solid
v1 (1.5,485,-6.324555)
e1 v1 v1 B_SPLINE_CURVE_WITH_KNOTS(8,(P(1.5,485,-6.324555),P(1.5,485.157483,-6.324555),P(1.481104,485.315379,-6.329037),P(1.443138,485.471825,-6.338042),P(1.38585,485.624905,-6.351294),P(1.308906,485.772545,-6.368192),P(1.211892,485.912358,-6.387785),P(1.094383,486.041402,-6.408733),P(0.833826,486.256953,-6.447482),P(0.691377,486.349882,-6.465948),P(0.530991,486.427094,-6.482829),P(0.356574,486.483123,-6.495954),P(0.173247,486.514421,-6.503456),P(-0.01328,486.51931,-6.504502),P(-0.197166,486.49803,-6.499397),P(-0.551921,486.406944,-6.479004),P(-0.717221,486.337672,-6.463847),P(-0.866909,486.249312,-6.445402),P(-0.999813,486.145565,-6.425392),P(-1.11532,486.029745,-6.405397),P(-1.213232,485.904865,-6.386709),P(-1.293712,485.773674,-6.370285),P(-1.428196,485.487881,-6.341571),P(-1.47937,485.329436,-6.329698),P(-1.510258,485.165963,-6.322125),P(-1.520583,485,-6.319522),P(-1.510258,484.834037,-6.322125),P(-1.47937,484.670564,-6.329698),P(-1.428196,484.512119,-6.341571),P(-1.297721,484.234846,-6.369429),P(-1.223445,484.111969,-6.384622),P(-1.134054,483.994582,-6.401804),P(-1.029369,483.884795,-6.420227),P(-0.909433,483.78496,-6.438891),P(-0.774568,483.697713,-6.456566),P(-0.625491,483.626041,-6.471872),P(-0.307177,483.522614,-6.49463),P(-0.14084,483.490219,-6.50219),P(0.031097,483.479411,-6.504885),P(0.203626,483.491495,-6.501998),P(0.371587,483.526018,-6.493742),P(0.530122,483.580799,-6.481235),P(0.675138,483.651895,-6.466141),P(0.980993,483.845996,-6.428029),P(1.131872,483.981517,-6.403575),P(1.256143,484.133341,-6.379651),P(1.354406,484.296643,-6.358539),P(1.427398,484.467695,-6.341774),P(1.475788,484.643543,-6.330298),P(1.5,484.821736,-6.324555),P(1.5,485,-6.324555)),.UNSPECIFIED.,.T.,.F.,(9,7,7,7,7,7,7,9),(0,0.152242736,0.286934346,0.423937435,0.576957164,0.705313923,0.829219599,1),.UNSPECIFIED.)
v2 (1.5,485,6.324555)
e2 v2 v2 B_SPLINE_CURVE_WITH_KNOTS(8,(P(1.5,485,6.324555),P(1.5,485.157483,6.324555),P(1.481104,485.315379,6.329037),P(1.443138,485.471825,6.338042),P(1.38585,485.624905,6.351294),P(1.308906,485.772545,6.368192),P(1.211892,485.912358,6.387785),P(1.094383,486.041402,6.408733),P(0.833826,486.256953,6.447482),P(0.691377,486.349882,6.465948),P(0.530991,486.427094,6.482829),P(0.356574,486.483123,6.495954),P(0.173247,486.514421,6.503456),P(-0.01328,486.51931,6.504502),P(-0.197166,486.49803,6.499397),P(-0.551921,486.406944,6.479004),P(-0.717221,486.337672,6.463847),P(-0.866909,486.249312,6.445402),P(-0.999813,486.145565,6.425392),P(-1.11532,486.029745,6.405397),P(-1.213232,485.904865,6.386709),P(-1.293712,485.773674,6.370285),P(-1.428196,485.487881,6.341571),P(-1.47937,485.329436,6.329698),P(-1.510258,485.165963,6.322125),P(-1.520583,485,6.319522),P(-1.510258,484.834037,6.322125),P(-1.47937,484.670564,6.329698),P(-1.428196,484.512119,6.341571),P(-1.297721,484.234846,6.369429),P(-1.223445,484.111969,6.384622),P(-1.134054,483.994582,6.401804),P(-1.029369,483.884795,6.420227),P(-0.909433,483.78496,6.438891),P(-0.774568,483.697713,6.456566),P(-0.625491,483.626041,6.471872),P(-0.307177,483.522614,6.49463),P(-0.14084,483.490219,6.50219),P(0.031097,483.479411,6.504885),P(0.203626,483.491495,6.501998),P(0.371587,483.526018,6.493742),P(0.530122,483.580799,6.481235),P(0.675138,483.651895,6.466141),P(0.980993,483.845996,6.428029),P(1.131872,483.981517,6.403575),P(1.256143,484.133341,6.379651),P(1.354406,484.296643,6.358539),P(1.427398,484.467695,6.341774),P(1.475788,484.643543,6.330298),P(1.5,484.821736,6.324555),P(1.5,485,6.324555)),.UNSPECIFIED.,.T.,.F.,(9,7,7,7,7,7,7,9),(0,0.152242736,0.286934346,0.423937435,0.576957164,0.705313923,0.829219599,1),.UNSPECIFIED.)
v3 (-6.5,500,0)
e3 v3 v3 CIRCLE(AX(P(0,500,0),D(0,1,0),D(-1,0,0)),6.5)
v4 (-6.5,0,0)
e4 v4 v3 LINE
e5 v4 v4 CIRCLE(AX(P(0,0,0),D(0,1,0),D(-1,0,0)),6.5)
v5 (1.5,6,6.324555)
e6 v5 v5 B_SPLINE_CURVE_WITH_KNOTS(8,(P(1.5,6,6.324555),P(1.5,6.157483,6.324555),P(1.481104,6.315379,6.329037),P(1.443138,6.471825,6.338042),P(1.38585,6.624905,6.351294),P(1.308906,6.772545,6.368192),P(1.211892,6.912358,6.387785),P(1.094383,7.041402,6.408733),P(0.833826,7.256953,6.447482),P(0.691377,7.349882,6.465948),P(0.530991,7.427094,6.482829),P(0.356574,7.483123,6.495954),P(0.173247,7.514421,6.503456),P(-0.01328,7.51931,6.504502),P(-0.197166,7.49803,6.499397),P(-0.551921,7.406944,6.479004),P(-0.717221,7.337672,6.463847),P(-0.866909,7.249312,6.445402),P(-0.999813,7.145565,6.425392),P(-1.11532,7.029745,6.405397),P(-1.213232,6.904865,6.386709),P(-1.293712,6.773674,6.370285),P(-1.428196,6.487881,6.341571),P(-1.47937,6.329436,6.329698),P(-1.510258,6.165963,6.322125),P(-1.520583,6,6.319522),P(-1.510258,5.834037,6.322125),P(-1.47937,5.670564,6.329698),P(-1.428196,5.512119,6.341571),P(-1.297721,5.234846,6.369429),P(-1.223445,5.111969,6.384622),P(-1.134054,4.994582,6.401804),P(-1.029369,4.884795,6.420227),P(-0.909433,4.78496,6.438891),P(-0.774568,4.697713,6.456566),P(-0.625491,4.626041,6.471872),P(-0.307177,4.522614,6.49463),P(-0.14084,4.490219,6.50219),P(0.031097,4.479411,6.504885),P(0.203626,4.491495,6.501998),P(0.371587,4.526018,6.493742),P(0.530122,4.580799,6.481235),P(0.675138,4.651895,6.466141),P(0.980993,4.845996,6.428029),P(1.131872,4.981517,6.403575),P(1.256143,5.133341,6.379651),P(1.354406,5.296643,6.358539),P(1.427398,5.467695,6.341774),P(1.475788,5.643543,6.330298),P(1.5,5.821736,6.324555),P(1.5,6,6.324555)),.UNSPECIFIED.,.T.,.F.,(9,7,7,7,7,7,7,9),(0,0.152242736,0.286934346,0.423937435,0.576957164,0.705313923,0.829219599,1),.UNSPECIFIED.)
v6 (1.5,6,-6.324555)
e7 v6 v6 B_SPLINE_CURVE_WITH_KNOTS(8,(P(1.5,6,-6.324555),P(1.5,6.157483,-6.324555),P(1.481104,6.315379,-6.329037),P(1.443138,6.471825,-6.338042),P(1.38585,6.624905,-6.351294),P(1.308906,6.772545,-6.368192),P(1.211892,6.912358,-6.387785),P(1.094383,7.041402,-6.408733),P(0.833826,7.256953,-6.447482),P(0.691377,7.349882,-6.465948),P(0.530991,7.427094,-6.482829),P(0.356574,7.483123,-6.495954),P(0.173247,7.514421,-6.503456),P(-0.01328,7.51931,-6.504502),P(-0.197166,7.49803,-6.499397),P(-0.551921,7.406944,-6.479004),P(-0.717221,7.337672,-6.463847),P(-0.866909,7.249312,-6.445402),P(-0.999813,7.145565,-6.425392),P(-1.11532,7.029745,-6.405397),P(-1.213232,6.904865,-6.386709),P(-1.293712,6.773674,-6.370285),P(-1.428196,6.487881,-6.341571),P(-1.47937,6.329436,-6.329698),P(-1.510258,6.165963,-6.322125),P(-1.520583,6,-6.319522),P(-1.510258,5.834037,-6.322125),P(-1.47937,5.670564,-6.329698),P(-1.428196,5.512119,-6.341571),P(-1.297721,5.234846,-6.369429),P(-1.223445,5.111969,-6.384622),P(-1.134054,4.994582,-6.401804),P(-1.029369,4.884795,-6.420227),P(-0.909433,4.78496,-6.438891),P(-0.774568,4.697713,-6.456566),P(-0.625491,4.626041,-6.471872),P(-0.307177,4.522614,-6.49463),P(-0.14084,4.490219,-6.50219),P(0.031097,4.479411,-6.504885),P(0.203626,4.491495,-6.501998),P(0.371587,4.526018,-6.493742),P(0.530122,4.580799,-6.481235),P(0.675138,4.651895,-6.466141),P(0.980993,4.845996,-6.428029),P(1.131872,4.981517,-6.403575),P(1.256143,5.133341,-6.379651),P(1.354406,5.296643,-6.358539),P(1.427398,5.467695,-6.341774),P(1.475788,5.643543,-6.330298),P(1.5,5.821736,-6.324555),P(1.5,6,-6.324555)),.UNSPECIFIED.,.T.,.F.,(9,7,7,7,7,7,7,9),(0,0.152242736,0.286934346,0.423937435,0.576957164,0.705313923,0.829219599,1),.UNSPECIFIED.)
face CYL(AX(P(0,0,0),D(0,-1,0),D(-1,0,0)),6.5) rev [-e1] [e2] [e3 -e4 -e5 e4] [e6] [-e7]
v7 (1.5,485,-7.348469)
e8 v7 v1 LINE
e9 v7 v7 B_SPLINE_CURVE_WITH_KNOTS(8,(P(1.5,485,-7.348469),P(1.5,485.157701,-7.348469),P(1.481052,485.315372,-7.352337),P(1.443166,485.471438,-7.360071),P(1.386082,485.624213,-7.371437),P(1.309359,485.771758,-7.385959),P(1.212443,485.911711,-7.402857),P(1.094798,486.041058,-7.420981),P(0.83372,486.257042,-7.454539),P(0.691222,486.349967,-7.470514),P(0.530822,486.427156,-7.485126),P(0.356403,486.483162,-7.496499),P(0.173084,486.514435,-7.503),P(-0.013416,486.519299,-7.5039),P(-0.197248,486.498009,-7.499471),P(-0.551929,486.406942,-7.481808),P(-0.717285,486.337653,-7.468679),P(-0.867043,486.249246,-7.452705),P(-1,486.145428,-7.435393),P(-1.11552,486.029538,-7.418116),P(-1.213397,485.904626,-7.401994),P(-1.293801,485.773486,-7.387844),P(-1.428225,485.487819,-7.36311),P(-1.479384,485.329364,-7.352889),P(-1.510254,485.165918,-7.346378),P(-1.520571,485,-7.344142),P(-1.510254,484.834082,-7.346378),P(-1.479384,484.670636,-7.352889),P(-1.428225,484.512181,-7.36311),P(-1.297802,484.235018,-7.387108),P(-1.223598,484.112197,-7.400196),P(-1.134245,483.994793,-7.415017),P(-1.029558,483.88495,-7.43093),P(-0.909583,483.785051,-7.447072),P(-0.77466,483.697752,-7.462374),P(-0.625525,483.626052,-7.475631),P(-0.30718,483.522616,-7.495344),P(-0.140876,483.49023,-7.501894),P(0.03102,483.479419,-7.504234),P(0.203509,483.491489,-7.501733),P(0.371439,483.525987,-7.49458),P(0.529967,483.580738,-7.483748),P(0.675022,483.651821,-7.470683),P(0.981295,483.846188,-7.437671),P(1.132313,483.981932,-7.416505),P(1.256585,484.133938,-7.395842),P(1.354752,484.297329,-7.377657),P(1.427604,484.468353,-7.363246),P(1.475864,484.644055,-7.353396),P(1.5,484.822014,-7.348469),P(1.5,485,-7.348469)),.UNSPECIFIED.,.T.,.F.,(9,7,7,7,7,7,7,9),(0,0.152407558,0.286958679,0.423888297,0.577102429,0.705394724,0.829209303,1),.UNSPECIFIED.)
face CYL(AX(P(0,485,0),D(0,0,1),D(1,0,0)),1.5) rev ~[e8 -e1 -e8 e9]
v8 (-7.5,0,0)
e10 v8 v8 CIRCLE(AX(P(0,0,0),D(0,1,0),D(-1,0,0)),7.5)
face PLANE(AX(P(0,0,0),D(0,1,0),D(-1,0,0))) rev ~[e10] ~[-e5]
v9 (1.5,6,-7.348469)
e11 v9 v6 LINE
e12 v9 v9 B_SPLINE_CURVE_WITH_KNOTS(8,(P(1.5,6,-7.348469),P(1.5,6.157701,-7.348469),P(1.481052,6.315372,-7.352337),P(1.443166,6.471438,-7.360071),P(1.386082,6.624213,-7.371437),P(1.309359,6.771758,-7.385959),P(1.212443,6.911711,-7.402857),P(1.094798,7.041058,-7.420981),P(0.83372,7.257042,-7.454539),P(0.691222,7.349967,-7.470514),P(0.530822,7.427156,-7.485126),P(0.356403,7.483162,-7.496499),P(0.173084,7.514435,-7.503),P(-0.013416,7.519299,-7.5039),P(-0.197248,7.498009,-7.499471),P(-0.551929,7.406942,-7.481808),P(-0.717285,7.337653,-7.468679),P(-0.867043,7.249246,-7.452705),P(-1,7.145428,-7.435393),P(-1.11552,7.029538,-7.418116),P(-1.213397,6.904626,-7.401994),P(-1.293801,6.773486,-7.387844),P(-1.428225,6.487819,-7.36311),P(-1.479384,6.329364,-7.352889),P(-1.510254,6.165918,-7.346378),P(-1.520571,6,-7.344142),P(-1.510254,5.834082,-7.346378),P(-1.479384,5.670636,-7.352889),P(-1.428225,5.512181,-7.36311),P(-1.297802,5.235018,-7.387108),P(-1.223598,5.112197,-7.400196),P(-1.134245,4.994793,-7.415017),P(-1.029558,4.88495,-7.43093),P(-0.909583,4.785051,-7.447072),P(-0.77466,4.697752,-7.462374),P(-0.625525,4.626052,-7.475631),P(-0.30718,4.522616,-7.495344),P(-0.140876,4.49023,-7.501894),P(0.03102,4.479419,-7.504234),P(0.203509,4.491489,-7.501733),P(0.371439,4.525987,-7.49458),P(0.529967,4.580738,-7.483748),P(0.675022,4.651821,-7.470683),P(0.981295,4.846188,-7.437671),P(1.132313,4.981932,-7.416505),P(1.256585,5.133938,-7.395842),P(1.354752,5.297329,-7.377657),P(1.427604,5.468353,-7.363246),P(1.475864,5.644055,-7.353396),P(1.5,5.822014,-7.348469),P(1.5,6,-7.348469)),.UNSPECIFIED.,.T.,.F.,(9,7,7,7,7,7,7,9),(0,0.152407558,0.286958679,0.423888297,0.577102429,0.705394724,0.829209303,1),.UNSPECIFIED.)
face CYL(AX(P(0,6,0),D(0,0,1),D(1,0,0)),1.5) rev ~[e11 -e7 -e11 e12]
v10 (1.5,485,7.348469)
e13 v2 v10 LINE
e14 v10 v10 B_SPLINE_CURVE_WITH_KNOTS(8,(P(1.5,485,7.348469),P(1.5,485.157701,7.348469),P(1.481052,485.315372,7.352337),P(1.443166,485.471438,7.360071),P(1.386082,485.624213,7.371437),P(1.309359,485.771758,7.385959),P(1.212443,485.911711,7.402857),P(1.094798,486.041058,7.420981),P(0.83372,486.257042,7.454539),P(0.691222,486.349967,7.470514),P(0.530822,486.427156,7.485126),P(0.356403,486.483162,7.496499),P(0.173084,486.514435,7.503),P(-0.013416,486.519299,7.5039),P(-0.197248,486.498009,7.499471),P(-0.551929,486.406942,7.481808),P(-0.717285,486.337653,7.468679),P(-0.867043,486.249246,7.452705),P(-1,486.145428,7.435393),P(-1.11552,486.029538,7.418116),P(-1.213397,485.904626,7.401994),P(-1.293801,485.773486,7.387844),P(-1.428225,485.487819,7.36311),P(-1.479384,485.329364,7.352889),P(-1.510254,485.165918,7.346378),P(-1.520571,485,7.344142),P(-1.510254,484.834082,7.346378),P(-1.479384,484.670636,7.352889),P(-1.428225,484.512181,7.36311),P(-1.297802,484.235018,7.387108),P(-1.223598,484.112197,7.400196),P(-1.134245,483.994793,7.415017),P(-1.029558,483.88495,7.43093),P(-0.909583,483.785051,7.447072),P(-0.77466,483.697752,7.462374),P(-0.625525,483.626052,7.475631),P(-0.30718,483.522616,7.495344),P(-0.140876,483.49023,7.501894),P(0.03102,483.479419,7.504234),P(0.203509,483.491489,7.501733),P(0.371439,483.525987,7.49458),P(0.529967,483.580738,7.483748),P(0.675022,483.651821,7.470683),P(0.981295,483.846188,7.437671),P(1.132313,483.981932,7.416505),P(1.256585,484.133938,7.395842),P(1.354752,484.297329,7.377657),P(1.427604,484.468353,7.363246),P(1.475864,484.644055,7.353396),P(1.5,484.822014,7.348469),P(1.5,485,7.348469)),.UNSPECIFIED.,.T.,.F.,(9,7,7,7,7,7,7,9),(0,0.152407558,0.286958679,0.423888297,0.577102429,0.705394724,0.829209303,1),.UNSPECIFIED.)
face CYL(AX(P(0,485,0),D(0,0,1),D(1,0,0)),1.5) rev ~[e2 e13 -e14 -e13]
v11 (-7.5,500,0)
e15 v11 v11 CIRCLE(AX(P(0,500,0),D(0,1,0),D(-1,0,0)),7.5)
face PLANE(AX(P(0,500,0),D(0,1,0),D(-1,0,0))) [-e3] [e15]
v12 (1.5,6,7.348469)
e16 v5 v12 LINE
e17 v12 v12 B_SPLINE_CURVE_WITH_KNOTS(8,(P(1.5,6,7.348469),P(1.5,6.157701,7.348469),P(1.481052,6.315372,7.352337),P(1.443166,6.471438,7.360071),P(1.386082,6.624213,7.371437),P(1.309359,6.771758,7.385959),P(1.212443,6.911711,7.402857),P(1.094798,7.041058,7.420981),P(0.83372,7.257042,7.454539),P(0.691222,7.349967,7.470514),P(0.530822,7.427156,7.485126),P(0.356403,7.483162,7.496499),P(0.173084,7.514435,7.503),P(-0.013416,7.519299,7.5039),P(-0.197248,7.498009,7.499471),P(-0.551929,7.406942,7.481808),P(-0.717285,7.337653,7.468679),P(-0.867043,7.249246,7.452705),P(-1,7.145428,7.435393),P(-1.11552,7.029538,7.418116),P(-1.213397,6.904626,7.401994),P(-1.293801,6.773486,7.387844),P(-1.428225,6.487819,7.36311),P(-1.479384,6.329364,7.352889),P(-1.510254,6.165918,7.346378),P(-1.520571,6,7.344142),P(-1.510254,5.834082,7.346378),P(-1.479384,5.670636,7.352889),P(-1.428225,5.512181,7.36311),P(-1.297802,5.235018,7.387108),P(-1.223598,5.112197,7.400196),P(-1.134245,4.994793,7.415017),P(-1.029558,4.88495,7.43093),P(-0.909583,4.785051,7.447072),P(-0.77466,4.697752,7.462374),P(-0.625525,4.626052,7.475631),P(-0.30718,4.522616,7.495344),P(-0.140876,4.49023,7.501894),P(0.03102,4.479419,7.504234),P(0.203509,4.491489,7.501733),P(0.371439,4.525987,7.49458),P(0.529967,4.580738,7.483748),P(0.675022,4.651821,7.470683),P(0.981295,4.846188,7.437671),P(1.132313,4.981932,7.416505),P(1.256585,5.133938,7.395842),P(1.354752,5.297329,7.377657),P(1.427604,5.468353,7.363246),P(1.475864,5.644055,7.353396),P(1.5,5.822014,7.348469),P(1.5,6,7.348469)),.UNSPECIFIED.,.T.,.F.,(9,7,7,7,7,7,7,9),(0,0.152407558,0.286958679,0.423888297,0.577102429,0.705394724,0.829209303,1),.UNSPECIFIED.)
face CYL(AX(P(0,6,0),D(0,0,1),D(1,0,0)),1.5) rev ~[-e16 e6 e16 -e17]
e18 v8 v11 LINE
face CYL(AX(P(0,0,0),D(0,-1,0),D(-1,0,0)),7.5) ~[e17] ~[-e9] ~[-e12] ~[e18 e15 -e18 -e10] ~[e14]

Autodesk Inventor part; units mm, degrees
ref_plane "YZ Plane" through (0, 0, 0) normal (1, 0, 0) x (0, 1, 0)
ref_plane "XZ Plane" through (0, 0, 0) normal (0, 1, 0) x (-1, 0, 0)
ref_plane "XY Plane" through (0, 0, 0) normal (0, 0, 1) x (1, 0, 0)
sketch "Sketch2" plane through (0, 0, 0) normal (0, 1, 0) x (-1, 0, 0)
  circle A0 centre (0, 0) radius 7.5
  circle A1 centre (0, 0) radius 6.5
  dimension "d91" = 15
  dimension "d92" = 13
extrude "Extrusion5" add sketch "Sketch2" along normal blind 500
sketch "Sketch3" plane through (0, 0, 0) normal (0, 0, 1) x (1, 0, 0)
  line L0 (0, 0) -> (0, 6)
  circle A0 centre (0, 6) radius 1.5
  line L1 (7.5, 500) -> (-7.5, 500) projected
  line L2 (0, 500) -> (0, 485)
  circle A1 centre (0, 485) radius 1.5
  dimension "d95" = 6
  dimension "d96" = 3
  dimension "d101" = 15
  dimension "d102" = 3
extrude "Extrusion6" cut sketch "Sketch3" along normal blind 20 and the other way blind 10
properties part number "airfoil"
